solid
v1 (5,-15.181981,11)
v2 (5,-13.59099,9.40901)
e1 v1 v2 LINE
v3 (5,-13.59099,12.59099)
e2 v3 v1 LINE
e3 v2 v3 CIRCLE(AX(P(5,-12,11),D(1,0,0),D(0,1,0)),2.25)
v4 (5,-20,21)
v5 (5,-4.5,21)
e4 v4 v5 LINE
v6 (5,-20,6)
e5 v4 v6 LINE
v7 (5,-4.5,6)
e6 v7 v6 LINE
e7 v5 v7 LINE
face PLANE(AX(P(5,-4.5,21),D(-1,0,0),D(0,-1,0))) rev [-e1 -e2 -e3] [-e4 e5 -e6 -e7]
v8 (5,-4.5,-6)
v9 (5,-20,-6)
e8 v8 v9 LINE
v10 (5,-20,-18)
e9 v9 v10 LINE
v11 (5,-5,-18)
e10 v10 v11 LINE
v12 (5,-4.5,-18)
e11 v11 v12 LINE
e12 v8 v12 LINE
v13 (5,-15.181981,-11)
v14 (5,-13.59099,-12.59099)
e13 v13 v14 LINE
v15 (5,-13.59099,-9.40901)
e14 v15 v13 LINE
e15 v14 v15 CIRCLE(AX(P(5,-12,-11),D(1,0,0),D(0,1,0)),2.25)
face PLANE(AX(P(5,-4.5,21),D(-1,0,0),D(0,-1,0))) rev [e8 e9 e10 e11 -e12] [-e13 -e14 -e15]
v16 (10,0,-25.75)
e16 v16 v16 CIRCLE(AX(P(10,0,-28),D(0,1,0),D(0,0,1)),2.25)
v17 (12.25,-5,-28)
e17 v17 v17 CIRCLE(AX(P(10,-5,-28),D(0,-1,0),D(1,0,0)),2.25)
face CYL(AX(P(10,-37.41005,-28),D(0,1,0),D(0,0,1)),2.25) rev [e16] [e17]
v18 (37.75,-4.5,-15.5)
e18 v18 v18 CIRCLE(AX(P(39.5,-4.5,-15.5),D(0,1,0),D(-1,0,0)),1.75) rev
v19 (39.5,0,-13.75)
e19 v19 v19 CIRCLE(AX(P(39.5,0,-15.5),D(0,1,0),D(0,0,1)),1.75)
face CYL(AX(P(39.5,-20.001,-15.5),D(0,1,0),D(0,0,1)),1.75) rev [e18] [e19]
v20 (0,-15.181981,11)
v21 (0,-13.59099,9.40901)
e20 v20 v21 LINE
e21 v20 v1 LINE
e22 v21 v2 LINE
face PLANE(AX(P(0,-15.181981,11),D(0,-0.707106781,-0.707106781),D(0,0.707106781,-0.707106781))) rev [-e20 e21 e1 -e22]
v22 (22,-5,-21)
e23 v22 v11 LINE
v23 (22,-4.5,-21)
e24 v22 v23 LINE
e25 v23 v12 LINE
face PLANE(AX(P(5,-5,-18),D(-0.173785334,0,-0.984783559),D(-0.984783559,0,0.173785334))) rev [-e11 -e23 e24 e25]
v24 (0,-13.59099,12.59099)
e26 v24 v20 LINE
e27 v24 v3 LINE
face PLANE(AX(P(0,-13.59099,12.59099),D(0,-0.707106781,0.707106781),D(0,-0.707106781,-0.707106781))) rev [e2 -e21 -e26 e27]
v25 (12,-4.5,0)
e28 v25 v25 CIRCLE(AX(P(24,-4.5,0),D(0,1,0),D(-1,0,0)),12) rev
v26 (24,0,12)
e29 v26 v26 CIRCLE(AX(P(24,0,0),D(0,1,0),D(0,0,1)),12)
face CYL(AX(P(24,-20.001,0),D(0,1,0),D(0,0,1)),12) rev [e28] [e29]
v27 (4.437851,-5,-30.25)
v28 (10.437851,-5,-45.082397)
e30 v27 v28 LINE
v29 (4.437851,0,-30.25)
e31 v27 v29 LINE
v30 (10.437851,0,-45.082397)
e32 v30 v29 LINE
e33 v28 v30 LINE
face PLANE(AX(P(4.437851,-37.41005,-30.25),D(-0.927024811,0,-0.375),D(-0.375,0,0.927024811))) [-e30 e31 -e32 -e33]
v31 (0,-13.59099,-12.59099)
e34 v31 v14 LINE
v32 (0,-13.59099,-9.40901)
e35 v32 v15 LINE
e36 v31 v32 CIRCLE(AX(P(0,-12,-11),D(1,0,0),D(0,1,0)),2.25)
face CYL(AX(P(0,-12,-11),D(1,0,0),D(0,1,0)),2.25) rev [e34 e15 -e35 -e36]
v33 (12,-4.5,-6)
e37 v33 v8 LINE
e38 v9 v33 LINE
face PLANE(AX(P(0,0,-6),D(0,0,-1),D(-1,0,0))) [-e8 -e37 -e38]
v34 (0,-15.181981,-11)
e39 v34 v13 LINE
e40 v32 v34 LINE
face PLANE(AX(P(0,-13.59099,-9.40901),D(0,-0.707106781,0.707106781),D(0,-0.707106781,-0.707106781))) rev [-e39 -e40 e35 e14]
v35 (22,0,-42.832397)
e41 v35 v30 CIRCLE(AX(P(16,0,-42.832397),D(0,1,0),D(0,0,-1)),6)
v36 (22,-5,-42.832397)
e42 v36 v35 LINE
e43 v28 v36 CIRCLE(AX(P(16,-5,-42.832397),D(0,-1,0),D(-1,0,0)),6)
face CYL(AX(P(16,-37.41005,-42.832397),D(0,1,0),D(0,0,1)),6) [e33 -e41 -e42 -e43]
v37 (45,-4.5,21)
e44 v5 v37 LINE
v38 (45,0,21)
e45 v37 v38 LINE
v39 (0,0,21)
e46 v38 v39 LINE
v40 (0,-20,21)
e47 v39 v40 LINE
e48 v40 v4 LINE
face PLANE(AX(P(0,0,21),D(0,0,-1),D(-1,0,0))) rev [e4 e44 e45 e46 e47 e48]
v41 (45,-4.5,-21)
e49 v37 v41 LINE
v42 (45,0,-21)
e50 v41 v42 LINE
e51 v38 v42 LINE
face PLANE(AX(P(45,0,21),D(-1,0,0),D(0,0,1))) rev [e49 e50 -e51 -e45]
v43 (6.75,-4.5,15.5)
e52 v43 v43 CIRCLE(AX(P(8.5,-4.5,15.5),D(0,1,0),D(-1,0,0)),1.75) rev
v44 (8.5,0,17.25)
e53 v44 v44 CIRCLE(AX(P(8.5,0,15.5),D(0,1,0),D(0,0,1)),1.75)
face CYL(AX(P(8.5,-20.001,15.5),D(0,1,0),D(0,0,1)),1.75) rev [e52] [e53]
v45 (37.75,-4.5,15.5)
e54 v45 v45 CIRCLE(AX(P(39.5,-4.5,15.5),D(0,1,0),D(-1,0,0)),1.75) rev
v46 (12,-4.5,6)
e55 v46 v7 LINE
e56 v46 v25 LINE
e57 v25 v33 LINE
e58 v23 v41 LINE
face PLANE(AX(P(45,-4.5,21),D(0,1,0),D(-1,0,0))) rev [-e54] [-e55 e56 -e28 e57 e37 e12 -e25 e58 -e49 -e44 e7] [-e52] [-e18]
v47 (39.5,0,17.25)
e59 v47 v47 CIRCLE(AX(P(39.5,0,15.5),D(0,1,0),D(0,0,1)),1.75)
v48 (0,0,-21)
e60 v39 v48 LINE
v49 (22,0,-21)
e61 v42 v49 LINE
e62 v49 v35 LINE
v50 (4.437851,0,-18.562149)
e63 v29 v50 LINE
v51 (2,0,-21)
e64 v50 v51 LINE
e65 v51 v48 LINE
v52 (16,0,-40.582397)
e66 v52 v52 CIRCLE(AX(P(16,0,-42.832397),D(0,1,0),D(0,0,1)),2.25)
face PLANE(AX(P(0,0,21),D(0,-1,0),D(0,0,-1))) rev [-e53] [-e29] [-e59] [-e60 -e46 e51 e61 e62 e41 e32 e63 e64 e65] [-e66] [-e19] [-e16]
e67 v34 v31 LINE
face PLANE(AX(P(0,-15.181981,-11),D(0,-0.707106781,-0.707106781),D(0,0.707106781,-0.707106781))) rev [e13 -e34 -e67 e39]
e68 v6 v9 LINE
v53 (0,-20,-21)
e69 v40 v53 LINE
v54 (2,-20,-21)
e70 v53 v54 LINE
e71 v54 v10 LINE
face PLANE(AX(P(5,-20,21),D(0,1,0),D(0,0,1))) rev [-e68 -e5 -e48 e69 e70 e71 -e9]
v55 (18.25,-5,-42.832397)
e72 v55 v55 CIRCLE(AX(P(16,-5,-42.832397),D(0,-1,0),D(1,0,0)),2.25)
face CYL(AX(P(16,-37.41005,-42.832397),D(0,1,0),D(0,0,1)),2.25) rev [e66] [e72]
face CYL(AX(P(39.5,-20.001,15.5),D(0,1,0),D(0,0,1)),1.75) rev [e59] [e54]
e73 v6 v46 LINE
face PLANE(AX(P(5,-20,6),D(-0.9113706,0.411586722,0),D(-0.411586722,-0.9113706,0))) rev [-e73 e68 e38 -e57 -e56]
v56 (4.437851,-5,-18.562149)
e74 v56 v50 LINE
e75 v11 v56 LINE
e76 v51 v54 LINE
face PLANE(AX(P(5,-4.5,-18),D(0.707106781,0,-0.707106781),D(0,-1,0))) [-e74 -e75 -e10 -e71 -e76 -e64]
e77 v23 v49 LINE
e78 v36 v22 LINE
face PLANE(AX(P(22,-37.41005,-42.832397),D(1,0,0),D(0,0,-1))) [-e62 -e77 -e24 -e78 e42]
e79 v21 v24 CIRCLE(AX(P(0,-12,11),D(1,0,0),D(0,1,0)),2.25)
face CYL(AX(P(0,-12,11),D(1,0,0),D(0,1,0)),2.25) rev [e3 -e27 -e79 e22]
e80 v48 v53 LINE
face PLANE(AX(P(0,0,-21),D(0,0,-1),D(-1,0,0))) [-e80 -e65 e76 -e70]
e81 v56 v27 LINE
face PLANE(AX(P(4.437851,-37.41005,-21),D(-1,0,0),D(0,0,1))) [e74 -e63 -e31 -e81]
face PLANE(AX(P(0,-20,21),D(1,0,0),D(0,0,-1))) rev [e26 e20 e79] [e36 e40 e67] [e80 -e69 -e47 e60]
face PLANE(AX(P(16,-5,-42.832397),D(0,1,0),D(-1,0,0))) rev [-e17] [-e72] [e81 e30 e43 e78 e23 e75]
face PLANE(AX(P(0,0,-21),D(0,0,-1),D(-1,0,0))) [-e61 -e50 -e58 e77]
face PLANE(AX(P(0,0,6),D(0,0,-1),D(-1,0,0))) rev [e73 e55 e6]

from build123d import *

# Parameters (mm, degrees)
BOSS_EXTRUDE1_DEPTH = 21
CUT_EXTRUDE1_REACH  = 55.535
SKETCH2_R           = 12
SKETCH2_R_2         = 1.75
BOSS_EXTRUDE2_DEPTH = 6
CUT_EXTRUDE2_DEPTH  = 50.406477308
SKETCH5_R           = 2.25
BOSS_EXTRUDE3_DEPTH = 4.5
CHAMFER1_SIZE       = 3
SKETCH6_R           = 2.25
BOSS_EXTRUDE4_DEPTH = 0.5


with BuildPart() as part:
    # Sketch1 → Boss-Extrude1 (new, symmetric)
    with BuildSketch(Plane.XY):
        Polygon((0, 0), (45, 0), (45, -4.5), (5, -4.5), (5, -20), (0, -20), align=None)
    extrude(amount=BOSS_EXTRUDE1_DEPTH, both=True)

    # Sketch2 → Cut-Extrude1 (cut, up to next)
    with BuildSketch(Plane(origin=(0, 0, 0), x_dir=(1, 0, 0), z_dir=(0, 1, 0)), mode=Mode.PRIVATE) as cut_extrude1_sk1:
        with Locations(Location((24, 0, 0), (0, 0, 270))):
            Circle(SKETCH2_R)
    cut_extrude1_tool1 = extrude(cut_extrude1_sk1.sketch, amount=-CUT_EXTRUDE1_REACH, mode=Mode.PRIVATE) & part.part
    # Sketch2 → Cut-Extrude1 (cut, up to next)
    with BuildSketch(Plane(origin=(0, 0, 0), x_dir=(1, 0, 0), z_dir=(0, 1, 0)), mode=Mode.PRIVATE) as cut_extrude1_sk2:
        with Locations(Location((39.5, 15.5, 0), (0, 0, 270))):
            Circle(SKETCH2_R_2)
    cut_extrude1_tool2 = extrude(cut_extrude1_sk2.sketch, amount=-CUT_EXTRUDE1_REACH, mode=Mode.PRIVATE) & part.part
    # Sketch2 → Cut-Extrude1 (cut, up to next)
    with BuildSketch(Plane(origin=(0, 0, 0), x_dir=(1, 0, 0), z_dir=(0, 1, 0)), mode=Mode.PRIVATE) as cut_extrude1_sk3:
        with Locations(Location((8.5, -15.5, 0), (0, 0, 270))):
            Circle(SKETCH2_R_2)
    cut_extrude1_tool3 = extrude(cut_extrude1_sk3.sketch, amount=-CUT_EXTRUDE1_REACH, mode=Mode.PRIVATE) & part.part
    # Sketch2 → Cut-Extrude1 (cut, up to next)
    with BuildSketch(Plane(origin=(0, 0, 0), x_dir=(1, 0, 0), z_dir=(0, 1, 0)), mode=Mode.PRIVATE) as cut_extrude1_sk4:
        with Locations(Location((39.5, -15.5, 0), (0, 0, 270))):
            Circle(SKETCH2_R_2)
    cut_extrude1_tool4 = extrude(cut_extrude1_sk4.sketch, amount=-CUT_EXTRUDE1_REACH, mode=Mode.PRIVATE) & part.part
    add(cut_extrude1_tool1.solids().sort_by_distance((24, 0, 0))[0], mode=Mode.SUBTRACT)
    add(cut_extrude1_tool2.solids().sort_by_distance((39.5, 0, -15.5))[0], mode=Mode.SUBTRACT)
    add(cut_extrude1_tool3.solids().sort_by_distance((8.5, 0, 15.5))[0], mode=Mode.SUBTRACT)
    add(cut_extrude1_tool4.solids().sort_by_distance((39.5, 0, 15.5))[0], mode=Mode.SUBTRACT)

    # Sketch3 → Boss-Extrude2 (add, symmetric)
    with BuildSketch(Plane.XY):
        Polygon((5, -20), (12, -4.5), (5, -4.5), align=None)
    extrude(amount=BOSS_EXTRUDE2_DEPTH, both=True)

    # Sketch4 → Cut-Extrude2 (cut, through all)
    with BuildSketch(Plane(origin=(5, 0, 0), x_dir=(0, 0, -1), z_dir=(1, 0, 0))):
        with BuildLine():
            Line((9.409009742, -13.590990258), (11, -15.181980515))
            Line((11, -15.181980515), (12.590990258, -13.590990258))
            ThreePointArc((12.590990258, -13.590990258), (11, -9.75), (9.409009742, -13.590990258))
        make_face()
        with BuildLine():
            Line((-12.590990258, -13.590990258), (-11, -15.181980515))
            Line((-11, -15.181980515), (-9.409009742, -13.590990258))
            ThreePointArc((-9.409009742, -13.590990258), (-11, -9.75), (-12.590990258, -13.590990258))
        make_face()
    extrude(amount=-CUT_EXTRUDE2_DEPTH, mode=Mode.SUBTRACT)

    # Sketch5 → Boss-Extrude3 (add)
    with BuildSketch(Plane(origin=(0, 0, 0), x_dir=(1, 0, 0), z_dir=(0, 1, 0))):
        with BuildLine():
            Line((4.437851135, 30.25), (10.437851135, 45.082396974))
            ThreePointArc((10.437851135, 45.082396974), (17.146103575, 48.721917039), (22, 42.832396974))
            Line((22, 42.832396974), (22, 21))
            Line((22, 21), (4.437851135, 21))
            Line((4.437851135, 21), (4.437851135, 30.25))
        make_face()
        with Locations(Location((10, 28, 0), (0, 0, 270))):
            Circle(SKETCH5_R, mode=Mode.SUBTRACT)
        with Locations(Location((16, 42.832396974, 0), (0, 0, 270))):
            Circle(SKETCH5_R, mode=Mode.SUBTRACT)
    extrude(amount=-BOSS_EXTRUDE3_DEPTH)

    # Chamfer1
    chamfer1_edges = [part.edges().sort_by_distance(p)[0] for p in [
        (5, -12.25, -21),
    ]]
    chamfer(chamfer1_edges, length=CHAMFER1_SIZE)

    # Sketch6 → Boss-Extrude4 (add)
    with BuildSketch(Plane.XZ.offset(4.5)):
        with BuildLine():
            Line((5, -18), (22, -21))
            Line((22, -21), (22, -42.832396974))
            ThreePointArc((22, -42.832396974), (17.146103575, -48.721917039), (10.437851135, -45.082396974))
            Line((10.437851135, -45.082396974), (4.437851135, -30.25))
            Line((4.437851135, -30.25), (4.437851135, -18.562148865))
            Line((4.437851135, -18.562148865), (5, -18))
        make_face()
        with Locations(Location((10, -28, 0), (0, 0, 90))):
            Circle(SKETCH6_R, mode=Mode.SUBTRACT)
        with Locations(Location((16, -42.832396974, 0), (0, 0, 90))):
            Circle(SKETCH6_R, mode=Mode.SUBTRACT)
    extrude(amount=BOSS_EXTRUDE4_DEPTH)


solid = part.part
